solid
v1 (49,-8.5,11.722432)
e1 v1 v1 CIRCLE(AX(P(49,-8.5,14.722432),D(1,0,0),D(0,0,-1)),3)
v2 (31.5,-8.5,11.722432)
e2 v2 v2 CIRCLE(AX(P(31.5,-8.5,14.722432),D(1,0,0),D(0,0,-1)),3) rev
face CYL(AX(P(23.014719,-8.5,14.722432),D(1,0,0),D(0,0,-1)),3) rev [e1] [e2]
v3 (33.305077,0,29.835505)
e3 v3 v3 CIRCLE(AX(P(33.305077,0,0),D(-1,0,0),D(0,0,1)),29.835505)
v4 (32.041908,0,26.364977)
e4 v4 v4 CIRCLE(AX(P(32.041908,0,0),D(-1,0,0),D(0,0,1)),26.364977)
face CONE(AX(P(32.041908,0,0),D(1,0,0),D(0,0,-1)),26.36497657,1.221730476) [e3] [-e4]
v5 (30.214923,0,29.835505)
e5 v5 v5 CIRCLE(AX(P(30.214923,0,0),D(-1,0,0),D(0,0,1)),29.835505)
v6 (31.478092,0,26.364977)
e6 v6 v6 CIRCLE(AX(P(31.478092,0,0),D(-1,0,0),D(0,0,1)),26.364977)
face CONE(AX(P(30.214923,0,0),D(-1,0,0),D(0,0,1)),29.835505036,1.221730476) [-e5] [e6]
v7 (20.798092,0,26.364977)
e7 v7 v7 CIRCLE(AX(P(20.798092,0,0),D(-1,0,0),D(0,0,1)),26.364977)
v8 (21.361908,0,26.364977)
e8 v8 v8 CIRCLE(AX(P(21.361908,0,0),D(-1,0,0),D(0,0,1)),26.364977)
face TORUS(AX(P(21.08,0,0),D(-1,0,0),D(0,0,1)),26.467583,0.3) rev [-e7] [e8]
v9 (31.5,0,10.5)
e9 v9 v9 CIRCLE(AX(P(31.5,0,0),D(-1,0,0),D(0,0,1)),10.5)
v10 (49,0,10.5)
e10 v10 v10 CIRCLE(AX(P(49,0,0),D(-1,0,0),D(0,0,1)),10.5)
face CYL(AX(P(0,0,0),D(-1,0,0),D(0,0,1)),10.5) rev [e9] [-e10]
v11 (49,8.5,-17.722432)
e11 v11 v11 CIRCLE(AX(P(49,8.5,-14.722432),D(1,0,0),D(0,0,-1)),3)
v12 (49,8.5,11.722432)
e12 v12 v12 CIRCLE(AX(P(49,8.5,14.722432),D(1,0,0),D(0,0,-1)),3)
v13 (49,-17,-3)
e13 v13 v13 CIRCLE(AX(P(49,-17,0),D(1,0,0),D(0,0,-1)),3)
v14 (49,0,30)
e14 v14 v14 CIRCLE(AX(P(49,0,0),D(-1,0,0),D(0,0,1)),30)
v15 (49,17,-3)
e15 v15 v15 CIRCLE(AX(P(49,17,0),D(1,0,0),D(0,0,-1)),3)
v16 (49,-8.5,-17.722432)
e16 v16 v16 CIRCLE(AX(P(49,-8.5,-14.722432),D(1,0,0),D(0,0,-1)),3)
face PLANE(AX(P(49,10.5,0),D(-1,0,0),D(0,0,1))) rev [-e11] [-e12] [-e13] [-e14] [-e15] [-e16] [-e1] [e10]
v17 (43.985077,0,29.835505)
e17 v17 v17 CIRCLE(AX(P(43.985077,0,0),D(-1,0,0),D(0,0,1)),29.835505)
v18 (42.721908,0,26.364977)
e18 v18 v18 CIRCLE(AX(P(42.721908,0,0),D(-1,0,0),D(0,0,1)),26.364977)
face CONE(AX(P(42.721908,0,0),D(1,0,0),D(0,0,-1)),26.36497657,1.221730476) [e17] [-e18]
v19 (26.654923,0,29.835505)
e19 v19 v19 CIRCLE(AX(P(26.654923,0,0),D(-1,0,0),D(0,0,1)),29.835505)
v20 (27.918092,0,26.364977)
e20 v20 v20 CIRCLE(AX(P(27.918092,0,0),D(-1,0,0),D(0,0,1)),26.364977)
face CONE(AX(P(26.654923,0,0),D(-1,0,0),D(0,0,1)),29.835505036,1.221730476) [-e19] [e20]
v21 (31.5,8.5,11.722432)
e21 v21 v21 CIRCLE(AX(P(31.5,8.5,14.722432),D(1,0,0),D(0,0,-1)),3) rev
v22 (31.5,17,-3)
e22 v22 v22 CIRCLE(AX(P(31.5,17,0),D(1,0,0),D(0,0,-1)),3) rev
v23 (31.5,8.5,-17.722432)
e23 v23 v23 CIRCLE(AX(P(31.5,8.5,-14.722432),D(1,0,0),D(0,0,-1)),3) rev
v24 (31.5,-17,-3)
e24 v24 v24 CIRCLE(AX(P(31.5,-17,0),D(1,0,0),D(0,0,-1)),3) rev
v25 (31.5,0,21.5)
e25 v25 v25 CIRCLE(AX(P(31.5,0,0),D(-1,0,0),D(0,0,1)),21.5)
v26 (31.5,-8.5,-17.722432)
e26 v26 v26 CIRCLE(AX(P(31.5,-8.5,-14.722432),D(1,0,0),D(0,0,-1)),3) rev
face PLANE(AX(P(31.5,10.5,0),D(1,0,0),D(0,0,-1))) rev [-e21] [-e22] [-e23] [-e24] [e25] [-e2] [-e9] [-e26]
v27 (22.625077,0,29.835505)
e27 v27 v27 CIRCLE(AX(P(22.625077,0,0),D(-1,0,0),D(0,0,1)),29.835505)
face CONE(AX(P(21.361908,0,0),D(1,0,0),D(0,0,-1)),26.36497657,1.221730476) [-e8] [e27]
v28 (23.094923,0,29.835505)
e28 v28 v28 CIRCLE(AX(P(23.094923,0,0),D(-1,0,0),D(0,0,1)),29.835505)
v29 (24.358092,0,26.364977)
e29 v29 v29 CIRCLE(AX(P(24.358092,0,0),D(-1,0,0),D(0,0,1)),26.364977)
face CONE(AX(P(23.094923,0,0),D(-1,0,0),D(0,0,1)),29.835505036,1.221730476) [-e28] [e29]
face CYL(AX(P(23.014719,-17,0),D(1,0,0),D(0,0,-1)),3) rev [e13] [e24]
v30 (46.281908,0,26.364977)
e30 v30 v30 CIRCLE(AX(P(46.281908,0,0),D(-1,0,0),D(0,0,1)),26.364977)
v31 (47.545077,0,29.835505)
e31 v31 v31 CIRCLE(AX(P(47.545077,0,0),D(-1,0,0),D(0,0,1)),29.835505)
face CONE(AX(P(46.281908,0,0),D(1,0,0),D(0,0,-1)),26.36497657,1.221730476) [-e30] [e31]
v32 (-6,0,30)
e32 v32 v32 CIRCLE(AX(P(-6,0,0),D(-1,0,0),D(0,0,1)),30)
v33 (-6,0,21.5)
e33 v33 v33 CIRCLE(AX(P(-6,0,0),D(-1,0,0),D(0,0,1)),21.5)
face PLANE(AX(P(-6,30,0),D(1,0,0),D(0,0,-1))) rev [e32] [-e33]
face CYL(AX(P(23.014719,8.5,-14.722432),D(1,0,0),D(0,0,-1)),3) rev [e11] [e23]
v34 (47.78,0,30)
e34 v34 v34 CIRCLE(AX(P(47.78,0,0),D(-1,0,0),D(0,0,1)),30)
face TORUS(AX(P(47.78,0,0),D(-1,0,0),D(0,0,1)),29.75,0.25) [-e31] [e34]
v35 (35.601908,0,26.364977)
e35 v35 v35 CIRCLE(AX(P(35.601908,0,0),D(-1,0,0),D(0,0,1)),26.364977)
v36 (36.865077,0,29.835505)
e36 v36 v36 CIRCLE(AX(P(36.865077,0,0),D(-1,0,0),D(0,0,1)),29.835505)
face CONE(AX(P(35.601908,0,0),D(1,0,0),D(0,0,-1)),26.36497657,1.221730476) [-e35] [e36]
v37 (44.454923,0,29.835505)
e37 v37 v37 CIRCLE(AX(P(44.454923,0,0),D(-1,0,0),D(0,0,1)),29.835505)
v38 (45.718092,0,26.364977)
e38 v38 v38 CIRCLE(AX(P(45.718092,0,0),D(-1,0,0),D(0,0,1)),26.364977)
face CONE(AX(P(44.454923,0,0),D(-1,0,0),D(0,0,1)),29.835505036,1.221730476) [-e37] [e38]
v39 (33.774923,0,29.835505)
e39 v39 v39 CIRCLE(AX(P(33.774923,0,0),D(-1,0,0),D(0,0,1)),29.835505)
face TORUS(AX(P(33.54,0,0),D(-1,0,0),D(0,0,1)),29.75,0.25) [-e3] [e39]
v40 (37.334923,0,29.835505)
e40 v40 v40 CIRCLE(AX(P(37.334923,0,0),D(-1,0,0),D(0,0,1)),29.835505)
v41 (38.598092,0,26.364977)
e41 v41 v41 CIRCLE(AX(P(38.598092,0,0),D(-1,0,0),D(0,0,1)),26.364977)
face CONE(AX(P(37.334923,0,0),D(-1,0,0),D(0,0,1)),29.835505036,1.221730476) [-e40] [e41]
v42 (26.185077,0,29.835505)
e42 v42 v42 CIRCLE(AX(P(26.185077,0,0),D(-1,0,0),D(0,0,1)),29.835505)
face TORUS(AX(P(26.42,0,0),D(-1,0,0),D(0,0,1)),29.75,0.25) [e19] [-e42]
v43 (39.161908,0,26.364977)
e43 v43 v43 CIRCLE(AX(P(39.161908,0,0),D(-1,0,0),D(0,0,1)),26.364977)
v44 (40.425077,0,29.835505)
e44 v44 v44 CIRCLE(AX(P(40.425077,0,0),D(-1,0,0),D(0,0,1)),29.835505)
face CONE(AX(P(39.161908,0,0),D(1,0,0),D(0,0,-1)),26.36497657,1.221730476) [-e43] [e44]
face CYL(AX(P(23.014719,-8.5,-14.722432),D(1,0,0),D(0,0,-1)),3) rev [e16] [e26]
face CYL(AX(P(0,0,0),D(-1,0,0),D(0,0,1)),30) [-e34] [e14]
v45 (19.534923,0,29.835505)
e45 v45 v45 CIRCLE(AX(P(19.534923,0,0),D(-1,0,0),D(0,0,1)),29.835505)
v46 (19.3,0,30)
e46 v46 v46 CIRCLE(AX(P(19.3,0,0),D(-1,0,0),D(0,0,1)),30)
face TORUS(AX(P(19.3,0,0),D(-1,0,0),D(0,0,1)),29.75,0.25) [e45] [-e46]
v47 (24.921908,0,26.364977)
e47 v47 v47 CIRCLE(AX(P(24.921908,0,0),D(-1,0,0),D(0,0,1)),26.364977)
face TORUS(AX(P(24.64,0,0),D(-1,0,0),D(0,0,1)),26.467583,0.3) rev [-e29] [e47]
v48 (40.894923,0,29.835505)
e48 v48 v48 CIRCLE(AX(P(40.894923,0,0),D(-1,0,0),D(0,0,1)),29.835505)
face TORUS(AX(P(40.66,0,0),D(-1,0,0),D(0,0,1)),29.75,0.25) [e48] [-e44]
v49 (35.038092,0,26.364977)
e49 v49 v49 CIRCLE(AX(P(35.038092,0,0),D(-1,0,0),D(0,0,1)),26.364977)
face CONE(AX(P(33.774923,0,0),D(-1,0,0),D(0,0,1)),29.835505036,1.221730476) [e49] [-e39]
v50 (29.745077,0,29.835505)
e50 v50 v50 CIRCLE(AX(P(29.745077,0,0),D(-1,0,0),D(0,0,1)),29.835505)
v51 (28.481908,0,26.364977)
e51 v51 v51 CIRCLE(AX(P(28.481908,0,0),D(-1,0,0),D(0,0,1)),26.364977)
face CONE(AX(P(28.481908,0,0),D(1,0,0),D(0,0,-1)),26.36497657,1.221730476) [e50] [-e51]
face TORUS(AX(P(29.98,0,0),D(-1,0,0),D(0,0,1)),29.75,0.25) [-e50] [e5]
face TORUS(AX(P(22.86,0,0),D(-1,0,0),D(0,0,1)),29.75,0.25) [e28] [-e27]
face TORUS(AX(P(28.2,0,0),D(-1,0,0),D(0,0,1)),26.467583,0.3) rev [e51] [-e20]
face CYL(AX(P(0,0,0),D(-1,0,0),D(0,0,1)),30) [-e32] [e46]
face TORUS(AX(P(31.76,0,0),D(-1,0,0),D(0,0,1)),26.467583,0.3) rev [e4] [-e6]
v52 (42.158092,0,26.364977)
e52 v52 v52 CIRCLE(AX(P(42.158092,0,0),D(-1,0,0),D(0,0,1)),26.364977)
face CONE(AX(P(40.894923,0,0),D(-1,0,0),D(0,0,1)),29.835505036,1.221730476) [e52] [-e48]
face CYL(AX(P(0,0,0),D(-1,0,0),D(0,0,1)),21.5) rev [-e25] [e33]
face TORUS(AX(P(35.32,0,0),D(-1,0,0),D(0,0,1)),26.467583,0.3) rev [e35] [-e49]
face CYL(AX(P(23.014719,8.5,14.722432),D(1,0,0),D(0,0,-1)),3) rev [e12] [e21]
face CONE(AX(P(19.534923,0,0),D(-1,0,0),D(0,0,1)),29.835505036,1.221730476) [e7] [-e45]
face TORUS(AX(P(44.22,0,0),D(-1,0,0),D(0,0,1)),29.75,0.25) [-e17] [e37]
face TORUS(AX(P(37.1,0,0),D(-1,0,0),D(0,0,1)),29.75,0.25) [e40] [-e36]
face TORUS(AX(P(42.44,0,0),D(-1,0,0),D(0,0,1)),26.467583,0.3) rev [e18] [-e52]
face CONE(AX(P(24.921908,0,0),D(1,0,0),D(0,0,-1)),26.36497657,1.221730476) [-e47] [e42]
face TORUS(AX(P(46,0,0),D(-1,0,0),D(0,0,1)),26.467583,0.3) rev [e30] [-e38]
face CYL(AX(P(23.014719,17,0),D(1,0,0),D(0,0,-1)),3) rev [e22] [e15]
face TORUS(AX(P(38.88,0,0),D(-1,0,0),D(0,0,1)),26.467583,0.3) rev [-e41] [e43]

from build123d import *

# Parameters (mm, degrees)
LPATTERN1_COUNT    = 8
LPATTERN1_PITCH    = 3.56
SKETCH3_R          = 3
CUT_EXTRUDE1_DEPTH = 17.5


with BuildPart() as part:
    # Sketch1 → Revolve1 (revolve)
    with BuildSketch(Plane.XY, mode=Mode.PRIVATE) as revolve1_sk:
        Polygon((49, 10.5), (49, 30), (-6, 30), (-6, 21.5), (31.5, 21.5), (31.5, 10.5), align=None)
    revolve(revolve1_sk.sketch.rotate(Axis((0, 0, 0), (1, 0, 0)), 90), axis=Axis((0, 0, 0), (1, 0, 0)))

    # Sketch2 → Cut-Revolve1 (revolve, cut)
    with BuildSketch(Plane.XY, mode=Mode.PRIVATE) as cut_revolve1_sk:
        with BuildLine():
            Line((47.545076845, 29.835505036), (46.281907786, 26.36497657))
            ThreePointArc((46.281907786, 26.36497657), (46, 26.167582613), (45.718092214, 26.36497657))
            Line((45.718092214, 26.36497657), (44.454923155, 29.835505036))
            ThreePointArc((44.454923155, 29.835505036), (44.363394109, 29.954788011), (44.22, 30))
            Line((44.22, 30), (47.78, 30))
            ThreePointArc((47.78, 30), (47.636605891, 29.954788011), (47.545076845, 29.835505036))
        make_face()
    cut_revolve1 = revolve(cut_revolve1_sk.sketch.rotate(Axis((0, 0, 0), (1, 0, 0)), 90), axis=Axis((0, 0, 0), (1, 0, 0)), mode=Mode.SUBTRACT)

    # LPattern1: Cut-Revolve1 ×8
    with Locations(*[(-i * LPATTERN1_PITCH, 0, 0) for i in range(1, LPATTERN1_COUNT)]):
        add(cut_revolve1, mode=Mode.SUBTRACT)

    # Sketch3 → Cut-Extrude1 (cut)
    with BuildSketch(Plane(origin=(49, 0, 0), x_dir=(0, 0, -1), z_dir=(1, 0, 0))):
        with Locations((0, 17)):
            Circle(SKETCH3_R)
        with Locations((14.722431864, 8.5)):
            Circle(SKETCH3_R)
        with Locations((14.722431864, -8.5)):
            Circle(SKETCH3_R)
        with Locations((0, -17)):
            Circle(SKETCH3_R)
        with Locations((-14.722431864, -8.5)):
            Circle(SKETCH3_R)
        with Locations((-14.722431864, 8.5)):
            Circle(SKETCH3_R)
    extrude(amount=-CUT_EXTRUDE1_DEPTH, mode=Mode.SUBTRACT)


solid = part.part
